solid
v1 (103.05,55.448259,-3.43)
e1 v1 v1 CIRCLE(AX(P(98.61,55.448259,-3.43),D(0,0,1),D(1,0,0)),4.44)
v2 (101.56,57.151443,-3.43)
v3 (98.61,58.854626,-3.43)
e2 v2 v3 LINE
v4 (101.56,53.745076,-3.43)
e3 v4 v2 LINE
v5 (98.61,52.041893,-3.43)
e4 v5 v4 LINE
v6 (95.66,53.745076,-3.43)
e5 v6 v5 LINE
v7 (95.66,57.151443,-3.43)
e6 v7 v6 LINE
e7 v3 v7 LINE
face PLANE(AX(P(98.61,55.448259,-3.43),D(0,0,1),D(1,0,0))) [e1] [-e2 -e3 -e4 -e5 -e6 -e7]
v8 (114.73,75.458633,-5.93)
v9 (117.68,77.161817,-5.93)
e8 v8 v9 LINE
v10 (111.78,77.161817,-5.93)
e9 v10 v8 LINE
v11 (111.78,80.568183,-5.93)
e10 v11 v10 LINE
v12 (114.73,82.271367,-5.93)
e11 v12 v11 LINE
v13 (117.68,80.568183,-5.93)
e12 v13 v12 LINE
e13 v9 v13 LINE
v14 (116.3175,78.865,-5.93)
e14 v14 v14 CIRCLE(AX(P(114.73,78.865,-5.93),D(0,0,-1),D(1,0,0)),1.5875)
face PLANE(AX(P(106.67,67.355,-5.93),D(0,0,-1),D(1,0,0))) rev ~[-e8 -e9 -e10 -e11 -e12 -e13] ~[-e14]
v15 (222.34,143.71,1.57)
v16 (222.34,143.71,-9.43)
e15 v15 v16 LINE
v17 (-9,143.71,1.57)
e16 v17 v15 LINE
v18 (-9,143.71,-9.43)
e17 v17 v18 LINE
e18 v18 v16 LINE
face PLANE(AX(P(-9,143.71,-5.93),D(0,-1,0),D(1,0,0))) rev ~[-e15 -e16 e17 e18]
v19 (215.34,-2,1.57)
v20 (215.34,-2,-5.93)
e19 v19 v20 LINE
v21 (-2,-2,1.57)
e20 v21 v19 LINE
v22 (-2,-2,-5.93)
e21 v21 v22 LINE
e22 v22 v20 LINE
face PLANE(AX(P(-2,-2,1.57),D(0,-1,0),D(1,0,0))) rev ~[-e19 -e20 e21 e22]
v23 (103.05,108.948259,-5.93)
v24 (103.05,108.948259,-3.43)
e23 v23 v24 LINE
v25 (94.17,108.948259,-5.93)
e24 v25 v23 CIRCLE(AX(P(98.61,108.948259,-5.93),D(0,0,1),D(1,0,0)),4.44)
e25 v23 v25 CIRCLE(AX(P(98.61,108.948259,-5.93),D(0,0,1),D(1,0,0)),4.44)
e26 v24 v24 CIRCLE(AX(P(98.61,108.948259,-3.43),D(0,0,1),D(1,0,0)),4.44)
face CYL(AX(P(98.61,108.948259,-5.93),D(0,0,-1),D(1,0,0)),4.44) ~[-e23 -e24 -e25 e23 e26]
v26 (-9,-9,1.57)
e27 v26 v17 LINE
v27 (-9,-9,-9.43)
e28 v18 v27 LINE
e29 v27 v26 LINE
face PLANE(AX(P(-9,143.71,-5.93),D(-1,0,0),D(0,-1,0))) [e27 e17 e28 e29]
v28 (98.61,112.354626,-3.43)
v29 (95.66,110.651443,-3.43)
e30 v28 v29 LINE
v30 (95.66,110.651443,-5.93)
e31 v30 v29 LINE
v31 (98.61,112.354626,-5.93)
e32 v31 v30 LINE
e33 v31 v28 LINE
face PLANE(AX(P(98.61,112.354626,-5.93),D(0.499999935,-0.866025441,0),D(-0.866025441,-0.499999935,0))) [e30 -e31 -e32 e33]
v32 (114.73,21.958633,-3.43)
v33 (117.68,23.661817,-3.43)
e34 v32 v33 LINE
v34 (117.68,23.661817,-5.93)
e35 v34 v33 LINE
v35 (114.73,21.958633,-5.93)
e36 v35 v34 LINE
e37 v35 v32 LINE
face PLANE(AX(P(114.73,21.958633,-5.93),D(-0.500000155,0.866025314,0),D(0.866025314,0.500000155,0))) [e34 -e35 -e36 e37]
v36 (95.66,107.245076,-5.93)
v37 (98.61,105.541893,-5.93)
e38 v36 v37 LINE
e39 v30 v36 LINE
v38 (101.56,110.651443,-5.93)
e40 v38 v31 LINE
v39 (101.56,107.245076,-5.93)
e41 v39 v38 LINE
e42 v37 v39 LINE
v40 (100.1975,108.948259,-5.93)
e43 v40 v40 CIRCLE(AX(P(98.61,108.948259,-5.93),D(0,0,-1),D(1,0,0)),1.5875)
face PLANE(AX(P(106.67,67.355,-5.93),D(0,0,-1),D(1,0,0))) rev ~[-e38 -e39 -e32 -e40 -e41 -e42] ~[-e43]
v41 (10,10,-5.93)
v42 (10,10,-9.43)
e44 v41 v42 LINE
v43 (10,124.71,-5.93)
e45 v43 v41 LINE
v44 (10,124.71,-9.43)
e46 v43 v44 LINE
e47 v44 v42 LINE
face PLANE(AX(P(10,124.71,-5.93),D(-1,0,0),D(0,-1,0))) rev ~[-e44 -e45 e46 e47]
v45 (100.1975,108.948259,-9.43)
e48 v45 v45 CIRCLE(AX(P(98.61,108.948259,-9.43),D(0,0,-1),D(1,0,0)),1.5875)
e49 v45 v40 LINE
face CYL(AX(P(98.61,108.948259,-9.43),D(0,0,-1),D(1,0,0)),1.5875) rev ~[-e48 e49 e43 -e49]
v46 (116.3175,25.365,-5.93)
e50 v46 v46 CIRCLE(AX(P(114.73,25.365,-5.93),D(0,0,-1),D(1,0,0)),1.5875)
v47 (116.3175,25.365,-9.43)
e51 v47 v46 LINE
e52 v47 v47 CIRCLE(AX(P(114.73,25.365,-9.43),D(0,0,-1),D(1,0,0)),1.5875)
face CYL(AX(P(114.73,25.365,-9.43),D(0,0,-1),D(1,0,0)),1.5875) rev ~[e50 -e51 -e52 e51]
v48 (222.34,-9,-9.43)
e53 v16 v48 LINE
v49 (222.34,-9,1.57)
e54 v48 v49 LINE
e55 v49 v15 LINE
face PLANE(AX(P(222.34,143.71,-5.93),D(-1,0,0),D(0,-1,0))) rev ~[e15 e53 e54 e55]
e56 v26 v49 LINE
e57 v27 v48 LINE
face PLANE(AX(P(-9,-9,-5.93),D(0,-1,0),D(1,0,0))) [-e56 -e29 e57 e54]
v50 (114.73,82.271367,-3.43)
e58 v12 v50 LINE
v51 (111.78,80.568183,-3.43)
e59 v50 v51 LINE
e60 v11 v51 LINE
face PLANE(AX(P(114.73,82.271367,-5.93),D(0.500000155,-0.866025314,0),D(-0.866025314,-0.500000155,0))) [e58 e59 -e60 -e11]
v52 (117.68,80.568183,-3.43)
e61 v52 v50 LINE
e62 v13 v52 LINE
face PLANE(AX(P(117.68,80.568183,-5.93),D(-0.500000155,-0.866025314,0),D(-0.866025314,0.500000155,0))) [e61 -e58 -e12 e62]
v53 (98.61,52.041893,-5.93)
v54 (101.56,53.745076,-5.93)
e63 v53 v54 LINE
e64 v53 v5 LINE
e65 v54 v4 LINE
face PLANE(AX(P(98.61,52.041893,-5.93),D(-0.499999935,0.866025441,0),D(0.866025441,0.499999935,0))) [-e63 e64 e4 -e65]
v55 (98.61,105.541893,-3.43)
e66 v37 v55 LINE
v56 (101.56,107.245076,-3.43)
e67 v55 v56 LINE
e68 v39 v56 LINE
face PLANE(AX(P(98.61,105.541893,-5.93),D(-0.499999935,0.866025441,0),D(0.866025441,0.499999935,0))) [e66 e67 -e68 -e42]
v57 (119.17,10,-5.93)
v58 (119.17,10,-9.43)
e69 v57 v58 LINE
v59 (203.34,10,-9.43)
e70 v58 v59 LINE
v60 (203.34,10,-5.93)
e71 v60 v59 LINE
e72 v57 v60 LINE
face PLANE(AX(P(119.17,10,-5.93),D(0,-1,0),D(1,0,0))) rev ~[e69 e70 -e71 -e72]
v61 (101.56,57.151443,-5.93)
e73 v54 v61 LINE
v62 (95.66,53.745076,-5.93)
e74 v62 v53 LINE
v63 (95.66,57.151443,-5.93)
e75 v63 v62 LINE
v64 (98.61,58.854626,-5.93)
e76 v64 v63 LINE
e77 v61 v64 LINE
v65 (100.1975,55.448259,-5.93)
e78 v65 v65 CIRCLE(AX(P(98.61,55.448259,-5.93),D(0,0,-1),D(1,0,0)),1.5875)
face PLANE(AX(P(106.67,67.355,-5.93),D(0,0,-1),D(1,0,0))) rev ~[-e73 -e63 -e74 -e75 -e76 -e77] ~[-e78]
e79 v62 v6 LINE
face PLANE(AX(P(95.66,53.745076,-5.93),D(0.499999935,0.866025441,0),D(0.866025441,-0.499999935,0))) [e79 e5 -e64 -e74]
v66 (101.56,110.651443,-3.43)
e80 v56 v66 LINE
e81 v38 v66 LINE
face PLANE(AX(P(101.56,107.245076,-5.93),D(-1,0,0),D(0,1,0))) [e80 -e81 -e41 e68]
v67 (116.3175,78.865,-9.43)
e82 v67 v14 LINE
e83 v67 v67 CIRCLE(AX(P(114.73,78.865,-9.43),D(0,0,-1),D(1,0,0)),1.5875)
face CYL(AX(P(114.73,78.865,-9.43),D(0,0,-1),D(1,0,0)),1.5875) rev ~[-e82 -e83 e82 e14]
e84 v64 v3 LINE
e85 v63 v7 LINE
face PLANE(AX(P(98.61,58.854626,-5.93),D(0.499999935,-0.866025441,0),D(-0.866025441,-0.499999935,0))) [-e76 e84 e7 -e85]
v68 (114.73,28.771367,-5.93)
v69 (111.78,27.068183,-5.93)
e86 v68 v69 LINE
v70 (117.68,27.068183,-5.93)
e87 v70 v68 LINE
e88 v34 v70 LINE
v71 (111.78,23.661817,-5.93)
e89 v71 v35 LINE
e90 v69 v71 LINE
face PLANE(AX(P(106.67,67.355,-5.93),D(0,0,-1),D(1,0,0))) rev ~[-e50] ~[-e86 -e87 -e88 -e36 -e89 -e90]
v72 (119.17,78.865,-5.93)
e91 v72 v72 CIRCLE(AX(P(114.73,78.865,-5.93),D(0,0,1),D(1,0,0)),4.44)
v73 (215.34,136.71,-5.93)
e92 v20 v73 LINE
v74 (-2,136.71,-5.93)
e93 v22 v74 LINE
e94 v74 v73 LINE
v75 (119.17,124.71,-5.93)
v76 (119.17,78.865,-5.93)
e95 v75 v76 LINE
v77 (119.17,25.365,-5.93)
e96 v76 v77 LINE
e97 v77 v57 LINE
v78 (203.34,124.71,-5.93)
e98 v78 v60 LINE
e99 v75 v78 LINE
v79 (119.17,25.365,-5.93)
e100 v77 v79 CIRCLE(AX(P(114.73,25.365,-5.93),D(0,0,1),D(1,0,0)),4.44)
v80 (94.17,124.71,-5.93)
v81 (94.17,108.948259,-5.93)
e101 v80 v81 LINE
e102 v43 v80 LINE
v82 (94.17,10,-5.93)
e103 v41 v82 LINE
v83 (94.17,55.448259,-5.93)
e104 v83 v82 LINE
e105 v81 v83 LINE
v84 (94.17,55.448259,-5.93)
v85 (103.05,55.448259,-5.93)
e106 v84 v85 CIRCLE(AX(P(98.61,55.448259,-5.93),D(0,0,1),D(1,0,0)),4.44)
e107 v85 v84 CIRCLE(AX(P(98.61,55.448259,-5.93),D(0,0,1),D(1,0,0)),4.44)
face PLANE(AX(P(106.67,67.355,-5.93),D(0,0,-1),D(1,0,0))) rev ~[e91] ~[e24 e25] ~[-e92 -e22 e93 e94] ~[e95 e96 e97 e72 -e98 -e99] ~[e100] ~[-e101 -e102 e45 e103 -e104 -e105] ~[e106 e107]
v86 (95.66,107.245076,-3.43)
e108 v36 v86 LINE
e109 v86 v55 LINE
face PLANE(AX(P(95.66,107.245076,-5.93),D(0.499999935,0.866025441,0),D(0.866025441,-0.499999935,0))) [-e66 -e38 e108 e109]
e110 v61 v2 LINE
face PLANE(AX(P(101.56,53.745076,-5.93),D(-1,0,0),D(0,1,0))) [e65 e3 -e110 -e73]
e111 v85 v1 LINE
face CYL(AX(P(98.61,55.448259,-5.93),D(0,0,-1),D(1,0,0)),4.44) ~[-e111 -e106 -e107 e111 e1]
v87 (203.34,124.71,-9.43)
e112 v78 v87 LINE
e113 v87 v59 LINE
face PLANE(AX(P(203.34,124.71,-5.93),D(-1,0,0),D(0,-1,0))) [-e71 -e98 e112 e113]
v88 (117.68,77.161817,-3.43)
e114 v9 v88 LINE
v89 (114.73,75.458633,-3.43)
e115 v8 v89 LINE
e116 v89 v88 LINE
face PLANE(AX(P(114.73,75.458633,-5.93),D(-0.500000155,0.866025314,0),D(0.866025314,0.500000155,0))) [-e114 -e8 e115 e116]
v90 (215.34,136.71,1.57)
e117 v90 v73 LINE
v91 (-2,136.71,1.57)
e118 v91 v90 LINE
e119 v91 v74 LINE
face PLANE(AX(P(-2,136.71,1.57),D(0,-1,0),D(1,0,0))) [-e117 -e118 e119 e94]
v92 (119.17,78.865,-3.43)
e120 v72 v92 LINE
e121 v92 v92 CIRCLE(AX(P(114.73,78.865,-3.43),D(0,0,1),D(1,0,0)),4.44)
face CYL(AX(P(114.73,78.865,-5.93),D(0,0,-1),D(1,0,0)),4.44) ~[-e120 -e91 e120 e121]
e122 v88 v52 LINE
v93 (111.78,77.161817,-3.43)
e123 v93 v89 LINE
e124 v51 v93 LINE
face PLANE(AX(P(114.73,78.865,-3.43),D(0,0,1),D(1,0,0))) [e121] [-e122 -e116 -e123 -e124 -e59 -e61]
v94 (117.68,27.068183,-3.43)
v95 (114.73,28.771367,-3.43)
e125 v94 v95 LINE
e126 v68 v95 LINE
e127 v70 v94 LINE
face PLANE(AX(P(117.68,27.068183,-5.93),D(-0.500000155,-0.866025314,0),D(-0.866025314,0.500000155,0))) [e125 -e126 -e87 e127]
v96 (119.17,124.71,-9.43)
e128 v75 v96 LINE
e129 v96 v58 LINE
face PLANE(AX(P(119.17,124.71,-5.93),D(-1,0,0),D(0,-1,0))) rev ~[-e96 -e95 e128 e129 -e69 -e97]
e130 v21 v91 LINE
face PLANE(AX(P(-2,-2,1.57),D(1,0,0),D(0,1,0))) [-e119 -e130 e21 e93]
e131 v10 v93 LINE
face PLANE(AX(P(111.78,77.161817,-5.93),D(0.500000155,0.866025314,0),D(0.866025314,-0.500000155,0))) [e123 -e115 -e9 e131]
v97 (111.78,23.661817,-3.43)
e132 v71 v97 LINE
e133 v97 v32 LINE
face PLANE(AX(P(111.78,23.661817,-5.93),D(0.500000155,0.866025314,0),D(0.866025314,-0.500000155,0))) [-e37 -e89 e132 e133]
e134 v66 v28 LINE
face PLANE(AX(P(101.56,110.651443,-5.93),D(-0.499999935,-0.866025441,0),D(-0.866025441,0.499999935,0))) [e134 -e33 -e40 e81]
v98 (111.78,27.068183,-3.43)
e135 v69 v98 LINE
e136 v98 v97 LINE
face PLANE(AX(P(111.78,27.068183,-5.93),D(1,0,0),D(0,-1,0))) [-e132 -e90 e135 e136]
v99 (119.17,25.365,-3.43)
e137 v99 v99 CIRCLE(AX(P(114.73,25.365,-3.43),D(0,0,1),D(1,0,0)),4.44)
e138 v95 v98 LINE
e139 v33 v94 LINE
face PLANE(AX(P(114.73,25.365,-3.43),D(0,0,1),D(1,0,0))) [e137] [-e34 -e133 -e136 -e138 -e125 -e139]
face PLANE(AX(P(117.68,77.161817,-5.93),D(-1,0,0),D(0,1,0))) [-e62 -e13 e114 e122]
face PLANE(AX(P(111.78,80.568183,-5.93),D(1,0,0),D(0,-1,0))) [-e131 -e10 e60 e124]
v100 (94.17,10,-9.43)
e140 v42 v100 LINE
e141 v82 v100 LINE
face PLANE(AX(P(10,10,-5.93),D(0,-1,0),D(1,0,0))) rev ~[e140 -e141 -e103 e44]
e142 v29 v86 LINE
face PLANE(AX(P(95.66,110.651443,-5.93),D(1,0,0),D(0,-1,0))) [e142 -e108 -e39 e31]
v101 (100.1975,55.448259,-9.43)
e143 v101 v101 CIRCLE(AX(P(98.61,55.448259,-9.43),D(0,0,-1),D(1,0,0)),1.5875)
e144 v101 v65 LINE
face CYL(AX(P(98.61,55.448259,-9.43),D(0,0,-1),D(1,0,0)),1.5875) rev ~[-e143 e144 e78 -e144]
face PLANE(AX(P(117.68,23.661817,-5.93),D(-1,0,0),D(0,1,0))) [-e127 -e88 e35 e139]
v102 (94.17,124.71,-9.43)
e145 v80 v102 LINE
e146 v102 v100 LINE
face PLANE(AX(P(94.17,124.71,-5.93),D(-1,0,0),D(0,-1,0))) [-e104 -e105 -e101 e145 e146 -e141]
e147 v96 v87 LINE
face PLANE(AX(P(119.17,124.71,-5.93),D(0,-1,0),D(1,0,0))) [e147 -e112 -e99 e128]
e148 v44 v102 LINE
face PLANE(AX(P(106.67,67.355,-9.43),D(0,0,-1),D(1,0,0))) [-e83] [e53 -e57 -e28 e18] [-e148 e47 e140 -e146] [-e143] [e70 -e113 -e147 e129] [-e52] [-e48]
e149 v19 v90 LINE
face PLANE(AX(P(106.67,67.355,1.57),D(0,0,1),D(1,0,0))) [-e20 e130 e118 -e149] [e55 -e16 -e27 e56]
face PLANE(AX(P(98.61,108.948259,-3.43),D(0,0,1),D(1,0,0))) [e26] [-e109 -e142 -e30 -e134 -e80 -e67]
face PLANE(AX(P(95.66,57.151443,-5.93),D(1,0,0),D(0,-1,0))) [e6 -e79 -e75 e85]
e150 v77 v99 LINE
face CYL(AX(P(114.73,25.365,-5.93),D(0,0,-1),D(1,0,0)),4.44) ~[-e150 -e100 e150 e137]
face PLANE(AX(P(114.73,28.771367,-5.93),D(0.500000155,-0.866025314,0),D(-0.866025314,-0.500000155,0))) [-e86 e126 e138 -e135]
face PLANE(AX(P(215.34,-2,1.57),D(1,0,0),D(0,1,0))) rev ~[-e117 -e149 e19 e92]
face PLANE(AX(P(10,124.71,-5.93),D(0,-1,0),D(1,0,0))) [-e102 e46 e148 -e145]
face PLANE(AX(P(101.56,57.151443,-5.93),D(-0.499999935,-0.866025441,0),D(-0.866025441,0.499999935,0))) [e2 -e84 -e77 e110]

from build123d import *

# Parameters (mm, degrees)
SKETCH017_W     = 231.34
SKETCH017_H     = 152.71
SKETCH017_W_2   = 217.34
SKETCH017_H_2   = 138.71
PAD009_DEPTH    = 7.5
SKETCH018_W     = 231.34
SKETCH018_H     = 152.71
SKETCH018_W_2   = 84.17
SKETCH018_H_2   = 114.71
PAD010_DEPTH    = 3.5
SKETCH052_R     = 1.5875
POCKET020_DEPTH = 3.5
SKETCH053_R     = 4.44
PAD027_DEPTH    = 2.5


with BuildPart() as part:
    # Sketch017 → Pad009 (new body)
    with BuildSketch(Plane.XY.offset(1.57)):
        with Locations((106.67, 67.355)):
            Rectangle(SKETCH017_W, SKETCH017_H)
        with Locations((106.67, 67.355)):
            Rectangle(SKETCH017_W_2, SKETCH017_H_2, mode=Mode.SUBTRACT)
    extrude(amount=-PAD009_DEPTH)

    # Sketch018 (on Face10 of Pad009) → Pad010 (join)
    with BuildSketch(Plane(origin=(0, 0, -5.93), x_dir=(1, 0, 0), z_dir=(0, 0, -1))):
        with Locations((106.67, -67.355)):
            Rectangle(SKETCH018_W, SKETCH018_H)
        with Locations((52.085, -67.355)):
            Rectangle(SKETCH018_W_2, SKETCH018_H_2, mode=Mode.SUBTRACT)
        with Locations((161.255, -67.355)):
            Rectangle(SKETCH018_W_2, SKETCH018_H_2, mode=Mode.SUBTRACT)
    extrude(amount=PAD010_DEPTH)

    # Sketch052 (on Face13 of Pad010) → Pocket020 (cut)
    with BuildSketch(Plane(origin=(0, 0, -9.43), x_dir=(1, 0, 0), z_dir=(0, 0, -1))):
        with Locations((114.73, -25.365)):
            Circle(SKETCH052_R)
        with Locations((98.61, -55.448259)):
            Circle(SKETCH052_R)
        with Locations((114.73, -78.865)):
            Circle(SKETCH052_R)
        with Locations((98.61, -108.948259)):
            Circle(SKETCH052_R)
    extrude(amount=-POCKET020_DEPTH, mode=Mode.SUBTRACT)

    # Sketch053 (on Face15 of Pocket020) → Pad027 (join)
    with BuildSketch(Plane.XY.offset(-5.93)):
        with Locations((98.61, 108.948259)):
            Circle(SKETCH053_R)
        Polygon((101.56, 107.245076), (101.56, 110.651443), (98.61, 112.354626), (95.66, 110.651443), (95.66, 107.245076), (98.61, 105.541893), align=None, mode=Mode.SUBTRACT)
        with Locations((114.73, 78.865)):
            Circle(SKETCH053_R)
        Polygon((117.68, 77.161817), (117.68, 80.568183), (114.73, 82.271367), (111.78, 80.568183), (111.78, 77.161817), (114.73, 75.458633), align=None, mode=Mode.SUBTRACT)
        with Locations((98.61, 55.448259)):
            Circle(SKETCH053_R)
        Polygon((101.56, 53.745076), (101.56, 57.151443), (98.61, 58.854626), (95.66, 57.151443), (95.66, 53.745076), (98.61, 52.041893), align=None, mode=Mode.SUBTRACT)
        with Locations((114.73, 25.365)):
            Circle(SKETCH053_R)
        Polygon((117.68, 23.661817), (117.68, 27.068183), (114.73, 28.771367), (111.78, 27.068183), (111.78, 23.661817), (114.73, 21.958633), align=None, mode=Mode.SUBTRACT)
    extrude(amount=PAD027_DEPTH)


solid = part.part
